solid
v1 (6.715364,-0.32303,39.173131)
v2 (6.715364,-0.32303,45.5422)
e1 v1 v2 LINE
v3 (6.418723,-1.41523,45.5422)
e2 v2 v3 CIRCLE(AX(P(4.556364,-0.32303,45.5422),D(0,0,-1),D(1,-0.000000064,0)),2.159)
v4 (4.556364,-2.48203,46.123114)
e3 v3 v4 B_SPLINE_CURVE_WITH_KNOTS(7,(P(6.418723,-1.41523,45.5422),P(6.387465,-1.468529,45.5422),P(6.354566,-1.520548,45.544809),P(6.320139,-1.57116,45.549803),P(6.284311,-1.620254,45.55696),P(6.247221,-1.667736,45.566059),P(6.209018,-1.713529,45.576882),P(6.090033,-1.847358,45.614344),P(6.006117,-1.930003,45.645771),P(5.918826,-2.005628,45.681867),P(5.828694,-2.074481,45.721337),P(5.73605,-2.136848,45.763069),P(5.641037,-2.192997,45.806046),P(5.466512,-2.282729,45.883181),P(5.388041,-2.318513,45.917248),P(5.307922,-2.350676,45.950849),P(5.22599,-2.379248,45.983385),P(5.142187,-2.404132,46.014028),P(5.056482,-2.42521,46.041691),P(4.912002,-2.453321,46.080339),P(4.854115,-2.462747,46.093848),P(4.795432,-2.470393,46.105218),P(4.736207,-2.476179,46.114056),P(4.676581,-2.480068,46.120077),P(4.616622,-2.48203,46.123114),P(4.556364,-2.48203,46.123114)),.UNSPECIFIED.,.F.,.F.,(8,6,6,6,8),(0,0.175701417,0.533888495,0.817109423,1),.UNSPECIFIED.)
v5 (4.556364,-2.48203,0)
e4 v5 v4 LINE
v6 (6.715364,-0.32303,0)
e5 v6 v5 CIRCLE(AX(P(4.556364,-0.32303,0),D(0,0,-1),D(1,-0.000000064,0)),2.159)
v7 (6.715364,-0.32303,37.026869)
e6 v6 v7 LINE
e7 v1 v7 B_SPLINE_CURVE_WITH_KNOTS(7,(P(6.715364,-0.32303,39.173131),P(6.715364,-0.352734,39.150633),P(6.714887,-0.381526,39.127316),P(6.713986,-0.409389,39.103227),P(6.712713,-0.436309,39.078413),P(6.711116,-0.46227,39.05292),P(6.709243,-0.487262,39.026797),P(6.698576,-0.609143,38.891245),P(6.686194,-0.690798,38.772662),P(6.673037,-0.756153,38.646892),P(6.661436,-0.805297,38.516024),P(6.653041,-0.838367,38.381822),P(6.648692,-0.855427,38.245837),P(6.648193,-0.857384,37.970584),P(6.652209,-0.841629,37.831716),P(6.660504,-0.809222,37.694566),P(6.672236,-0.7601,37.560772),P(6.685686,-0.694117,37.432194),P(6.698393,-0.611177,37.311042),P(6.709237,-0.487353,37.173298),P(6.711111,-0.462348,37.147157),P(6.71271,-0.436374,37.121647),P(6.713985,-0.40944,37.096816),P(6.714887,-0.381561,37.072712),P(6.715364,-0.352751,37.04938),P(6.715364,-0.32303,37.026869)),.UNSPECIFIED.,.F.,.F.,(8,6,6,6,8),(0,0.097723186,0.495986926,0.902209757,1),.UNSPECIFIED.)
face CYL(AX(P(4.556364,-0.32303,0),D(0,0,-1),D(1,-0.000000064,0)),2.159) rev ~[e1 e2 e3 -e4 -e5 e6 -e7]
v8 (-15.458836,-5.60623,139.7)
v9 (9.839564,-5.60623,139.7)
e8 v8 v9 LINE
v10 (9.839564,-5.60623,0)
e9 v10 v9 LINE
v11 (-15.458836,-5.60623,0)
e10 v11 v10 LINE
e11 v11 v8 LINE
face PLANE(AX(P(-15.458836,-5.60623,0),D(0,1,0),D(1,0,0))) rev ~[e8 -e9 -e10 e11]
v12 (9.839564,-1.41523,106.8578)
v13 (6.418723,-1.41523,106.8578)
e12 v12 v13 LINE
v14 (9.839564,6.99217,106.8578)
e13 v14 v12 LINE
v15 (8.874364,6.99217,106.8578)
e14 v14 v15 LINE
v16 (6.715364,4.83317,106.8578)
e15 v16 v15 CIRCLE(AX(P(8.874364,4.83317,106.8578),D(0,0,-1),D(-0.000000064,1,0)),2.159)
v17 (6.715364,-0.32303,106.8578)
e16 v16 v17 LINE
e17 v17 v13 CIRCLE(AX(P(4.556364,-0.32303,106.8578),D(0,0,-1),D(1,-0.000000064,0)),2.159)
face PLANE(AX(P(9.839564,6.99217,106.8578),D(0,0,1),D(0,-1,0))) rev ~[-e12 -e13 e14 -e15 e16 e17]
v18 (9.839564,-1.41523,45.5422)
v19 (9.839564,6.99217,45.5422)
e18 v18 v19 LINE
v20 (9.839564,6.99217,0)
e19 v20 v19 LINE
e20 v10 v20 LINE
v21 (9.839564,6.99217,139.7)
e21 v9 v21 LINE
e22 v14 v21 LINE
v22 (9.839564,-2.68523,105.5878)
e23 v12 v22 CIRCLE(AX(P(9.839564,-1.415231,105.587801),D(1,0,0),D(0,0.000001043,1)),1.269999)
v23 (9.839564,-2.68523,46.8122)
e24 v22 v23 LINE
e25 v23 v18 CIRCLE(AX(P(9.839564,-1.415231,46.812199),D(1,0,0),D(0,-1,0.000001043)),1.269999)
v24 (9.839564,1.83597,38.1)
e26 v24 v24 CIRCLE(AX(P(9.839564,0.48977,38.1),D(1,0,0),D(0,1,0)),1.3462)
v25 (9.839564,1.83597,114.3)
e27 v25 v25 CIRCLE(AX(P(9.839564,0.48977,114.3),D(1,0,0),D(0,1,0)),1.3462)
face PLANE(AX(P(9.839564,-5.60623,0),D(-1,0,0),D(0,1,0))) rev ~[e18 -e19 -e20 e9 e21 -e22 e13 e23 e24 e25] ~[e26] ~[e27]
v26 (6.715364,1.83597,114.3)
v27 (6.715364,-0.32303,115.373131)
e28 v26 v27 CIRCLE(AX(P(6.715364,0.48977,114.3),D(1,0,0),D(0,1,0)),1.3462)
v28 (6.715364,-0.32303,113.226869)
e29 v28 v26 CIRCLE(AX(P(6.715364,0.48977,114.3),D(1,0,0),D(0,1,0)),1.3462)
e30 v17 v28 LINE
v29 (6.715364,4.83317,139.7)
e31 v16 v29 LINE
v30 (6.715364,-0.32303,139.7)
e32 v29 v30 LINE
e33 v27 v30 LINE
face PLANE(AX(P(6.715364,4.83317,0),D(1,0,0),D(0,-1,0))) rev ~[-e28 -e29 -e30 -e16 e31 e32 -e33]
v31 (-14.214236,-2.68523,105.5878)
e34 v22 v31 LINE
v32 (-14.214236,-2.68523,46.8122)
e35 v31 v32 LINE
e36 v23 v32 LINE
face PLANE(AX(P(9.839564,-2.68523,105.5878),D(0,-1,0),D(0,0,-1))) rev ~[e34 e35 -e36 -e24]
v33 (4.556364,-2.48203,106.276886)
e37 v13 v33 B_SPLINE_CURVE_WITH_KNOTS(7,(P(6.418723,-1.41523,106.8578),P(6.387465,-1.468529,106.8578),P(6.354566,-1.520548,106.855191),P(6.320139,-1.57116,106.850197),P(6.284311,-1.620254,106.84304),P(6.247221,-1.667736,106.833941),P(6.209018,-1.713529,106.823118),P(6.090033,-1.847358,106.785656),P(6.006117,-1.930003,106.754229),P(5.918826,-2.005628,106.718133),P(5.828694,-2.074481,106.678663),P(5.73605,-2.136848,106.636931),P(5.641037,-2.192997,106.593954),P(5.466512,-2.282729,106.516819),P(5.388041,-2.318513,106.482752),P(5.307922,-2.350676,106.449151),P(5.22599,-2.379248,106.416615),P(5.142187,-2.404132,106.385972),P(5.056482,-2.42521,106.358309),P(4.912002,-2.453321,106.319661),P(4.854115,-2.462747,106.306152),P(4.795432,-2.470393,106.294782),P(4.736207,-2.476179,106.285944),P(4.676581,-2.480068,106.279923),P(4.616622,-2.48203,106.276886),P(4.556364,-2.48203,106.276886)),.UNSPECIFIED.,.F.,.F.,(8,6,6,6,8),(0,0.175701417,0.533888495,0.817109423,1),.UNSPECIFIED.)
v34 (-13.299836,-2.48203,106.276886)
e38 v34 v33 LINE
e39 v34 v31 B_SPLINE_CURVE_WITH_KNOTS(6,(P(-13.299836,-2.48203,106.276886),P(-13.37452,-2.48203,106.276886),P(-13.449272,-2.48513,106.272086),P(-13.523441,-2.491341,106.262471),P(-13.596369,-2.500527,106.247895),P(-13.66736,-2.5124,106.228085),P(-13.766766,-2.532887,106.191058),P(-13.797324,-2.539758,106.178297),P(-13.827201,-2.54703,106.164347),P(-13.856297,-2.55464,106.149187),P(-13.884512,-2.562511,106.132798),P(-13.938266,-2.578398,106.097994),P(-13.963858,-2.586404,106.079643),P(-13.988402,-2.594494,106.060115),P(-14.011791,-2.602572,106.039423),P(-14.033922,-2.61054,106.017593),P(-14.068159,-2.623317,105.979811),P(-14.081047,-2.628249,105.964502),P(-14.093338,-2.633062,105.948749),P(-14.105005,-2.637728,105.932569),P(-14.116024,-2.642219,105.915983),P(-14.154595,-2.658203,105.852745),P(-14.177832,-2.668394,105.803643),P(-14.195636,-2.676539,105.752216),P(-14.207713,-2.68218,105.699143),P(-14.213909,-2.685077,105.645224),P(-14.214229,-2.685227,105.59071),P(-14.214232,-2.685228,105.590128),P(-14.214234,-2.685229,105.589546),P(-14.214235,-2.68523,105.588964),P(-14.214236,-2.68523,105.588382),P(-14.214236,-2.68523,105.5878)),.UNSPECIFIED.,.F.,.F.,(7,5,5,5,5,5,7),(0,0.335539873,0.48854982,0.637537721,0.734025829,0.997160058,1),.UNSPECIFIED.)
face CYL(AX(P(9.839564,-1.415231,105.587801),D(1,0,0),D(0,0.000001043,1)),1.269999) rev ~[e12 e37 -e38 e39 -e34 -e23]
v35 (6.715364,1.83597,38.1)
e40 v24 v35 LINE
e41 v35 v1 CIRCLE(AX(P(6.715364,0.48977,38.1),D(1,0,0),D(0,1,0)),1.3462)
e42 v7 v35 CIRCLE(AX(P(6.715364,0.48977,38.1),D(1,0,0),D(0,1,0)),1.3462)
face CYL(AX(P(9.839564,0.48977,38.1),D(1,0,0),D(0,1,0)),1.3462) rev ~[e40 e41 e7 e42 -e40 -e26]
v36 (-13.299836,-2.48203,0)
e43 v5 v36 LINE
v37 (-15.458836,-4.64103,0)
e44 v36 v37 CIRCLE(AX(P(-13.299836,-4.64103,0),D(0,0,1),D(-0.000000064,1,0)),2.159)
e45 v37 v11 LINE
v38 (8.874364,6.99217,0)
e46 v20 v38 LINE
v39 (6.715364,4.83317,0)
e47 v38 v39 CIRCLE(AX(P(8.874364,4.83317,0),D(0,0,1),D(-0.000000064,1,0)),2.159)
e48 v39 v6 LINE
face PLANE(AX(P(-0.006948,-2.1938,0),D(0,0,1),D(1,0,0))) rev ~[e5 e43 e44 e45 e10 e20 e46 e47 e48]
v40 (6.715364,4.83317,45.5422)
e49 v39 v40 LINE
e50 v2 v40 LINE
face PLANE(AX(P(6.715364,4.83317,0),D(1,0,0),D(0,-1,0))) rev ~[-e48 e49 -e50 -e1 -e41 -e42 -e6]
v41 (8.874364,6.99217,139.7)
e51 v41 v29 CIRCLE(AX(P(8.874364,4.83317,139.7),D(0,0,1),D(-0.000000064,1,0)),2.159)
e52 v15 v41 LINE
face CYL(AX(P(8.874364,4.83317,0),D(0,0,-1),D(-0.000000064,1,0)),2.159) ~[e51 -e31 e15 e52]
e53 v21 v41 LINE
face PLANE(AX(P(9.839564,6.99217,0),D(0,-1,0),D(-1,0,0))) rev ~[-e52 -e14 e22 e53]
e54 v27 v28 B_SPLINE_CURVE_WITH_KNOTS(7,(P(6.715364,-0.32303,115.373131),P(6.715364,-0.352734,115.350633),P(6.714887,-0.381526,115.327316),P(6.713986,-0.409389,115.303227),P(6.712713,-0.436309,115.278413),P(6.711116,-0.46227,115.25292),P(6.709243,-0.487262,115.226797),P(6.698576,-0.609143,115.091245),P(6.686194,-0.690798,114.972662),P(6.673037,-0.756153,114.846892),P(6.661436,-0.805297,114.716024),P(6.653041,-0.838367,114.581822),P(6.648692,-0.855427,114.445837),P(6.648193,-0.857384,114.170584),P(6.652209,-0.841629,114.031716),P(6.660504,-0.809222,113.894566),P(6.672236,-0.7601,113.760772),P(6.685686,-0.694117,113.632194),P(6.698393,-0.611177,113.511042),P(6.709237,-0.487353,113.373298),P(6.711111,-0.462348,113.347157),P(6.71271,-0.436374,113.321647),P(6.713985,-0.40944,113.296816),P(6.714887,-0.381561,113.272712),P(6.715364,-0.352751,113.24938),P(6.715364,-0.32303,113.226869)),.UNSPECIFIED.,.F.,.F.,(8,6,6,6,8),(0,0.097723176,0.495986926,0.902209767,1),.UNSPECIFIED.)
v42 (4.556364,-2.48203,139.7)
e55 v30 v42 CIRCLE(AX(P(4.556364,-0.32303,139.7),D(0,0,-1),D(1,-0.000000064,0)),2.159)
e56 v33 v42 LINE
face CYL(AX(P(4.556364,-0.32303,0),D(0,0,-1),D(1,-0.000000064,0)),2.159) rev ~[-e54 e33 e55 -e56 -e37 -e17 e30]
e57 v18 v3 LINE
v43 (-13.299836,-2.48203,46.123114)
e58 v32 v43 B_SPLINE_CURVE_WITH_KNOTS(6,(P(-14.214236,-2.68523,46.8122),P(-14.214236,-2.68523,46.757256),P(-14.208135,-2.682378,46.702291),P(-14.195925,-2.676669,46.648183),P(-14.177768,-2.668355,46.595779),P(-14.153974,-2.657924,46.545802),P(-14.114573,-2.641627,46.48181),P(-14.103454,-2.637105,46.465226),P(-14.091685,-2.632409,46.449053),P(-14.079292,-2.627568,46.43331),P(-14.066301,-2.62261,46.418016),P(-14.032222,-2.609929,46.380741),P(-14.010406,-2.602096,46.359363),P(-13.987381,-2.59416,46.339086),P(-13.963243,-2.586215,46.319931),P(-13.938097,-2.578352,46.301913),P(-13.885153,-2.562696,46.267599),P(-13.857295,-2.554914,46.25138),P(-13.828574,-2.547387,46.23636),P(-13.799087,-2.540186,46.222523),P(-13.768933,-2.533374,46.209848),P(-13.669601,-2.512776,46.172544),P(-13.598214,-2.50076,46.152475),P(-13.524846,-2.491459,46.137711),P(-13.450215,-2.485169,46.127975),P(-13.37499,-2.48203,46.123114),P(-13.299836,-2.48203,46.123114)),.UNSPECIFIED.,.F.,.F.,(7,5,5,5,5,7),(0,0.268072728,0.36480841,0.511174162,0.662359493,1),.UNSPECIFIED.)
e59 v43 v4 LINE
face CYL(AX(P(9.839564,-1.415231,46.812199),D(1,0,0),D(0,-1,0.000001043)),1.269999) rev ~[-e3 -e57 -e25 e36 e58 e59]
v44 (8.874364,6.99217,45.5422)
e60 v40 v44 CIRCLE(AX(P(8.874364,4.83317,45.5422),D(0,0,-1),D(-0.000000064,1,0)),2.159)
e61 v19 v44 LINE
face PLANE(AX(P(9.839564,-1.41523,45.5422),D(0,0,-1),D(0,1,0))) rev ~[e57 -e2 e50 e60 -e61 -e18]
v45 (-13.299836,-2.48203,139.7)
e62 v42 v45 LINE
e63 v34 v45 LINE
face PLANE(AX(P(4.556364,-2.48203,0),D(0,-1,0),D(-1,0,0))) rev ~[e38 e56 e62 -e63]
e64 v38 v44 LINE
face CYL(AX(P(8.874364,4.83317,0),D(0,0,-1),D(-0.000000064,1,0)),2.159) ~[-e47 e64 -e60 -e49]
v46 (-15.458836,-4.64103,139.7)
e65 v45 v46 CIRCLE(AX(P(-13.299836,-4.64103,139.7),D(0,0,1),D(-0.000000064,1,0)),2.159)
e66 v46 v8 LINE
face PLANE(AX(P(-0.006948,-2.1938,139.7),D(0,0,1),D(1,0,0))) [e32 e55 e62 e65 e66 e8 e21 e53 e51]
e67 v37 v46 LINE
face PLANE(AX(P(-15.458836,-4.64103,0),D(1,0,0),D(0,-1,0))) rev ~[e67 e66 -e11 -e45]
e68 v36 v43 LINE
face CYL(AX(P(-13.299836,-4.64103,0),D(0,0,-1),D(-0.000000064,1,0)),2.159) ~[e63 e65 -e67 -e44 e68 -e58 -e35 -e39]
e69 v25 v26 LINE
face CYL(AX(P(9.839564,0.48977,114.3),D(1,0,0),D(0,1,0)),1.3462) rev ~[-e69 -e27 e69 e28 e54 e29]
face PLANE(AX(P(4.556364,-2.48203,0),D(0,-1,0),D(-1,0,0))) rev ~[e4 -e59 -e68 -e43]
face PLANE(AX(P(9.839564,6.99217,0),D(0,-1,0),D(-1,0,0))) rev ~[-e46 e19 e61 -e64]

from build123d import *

# Parameters (mm, degrees)
F1_DEPTH = 139.7
F2_R     = 1.3462
F3_DEPTH = 25.2994
F5_DEPTH = 25.2994


with BuildPart() as f1:
    # F0 (on Top) → F1 (new body)
    with BuildSketch(Plane.XY):
        with BuildLine():
            Line((-15.458836, -4.64103), (-15.458836, -5.60623))
            Line((-15.458836, -5.60623), (9.839564, -5.60623))
            Line((9.839564, -5.60623), (9.839564, 6.99217))
            Line((9.839564, 6.99217), (8.874364, 6.99217))
            ThreePointArc((8.874364, 6.99217), (7.34772, 6.359813), (6.715364, 4.83317))
            Line((6.715364, 4.83317), (6.715364, -0.32303))
            ThreePointArc((6.715364, -0.32303), (6.083007, -1.849674), (4.556364, -2.48203))
            Line((4.556364, -2.48203), (-13.299836, -2.48203))
            ThreePointArc((-13.299836, -2.48203), (-14.82648, -3.114387), (-15.458836, -4.64103))
        make_face()
    extrude(amount=F1_DEPTH)

    # F2 (on face) → F3 (cut, through all)
    with BuildSketch(Plane.YZ.offset(9.839564)):
        with Locations((0.48977, 38.1)):
            Circle(F2_R)
        with Locations((0.48977, 114.3)):
            Circle(F2_R)
    extrude(amount=-F3_DEPTH, mode=Mode.SUBTRACT)

    # F4 (on face) → F5 (cut, through all)
    with BuildSketch(Plane.YZ.offset(9.839564)):
        with BuildLine():
            Line((-1.41523, 45.5422), (6.99217, 45.5422))
            Line((6.99217, 45.5422), (6.99217, 106.8578))
            Line((6.99217, 106.8578), (-1.41523, 106.8578))
            ThreePointArc((-1.41523, 106.8578), (-2.313256, 106.485826), (-2.68523, 105.5878))
            Line((-2.68523, 105.5878), (-2.68523, 46.8122))
            ThreePointArc((-2.68523, 46.8122), (-2.313256, 45.914174), (-1.41523, 45.5422))
        make_face()
    extrude(amount=-F5_DEPTH, mode=Mode.SUBTRACT)


solid = f1.part
